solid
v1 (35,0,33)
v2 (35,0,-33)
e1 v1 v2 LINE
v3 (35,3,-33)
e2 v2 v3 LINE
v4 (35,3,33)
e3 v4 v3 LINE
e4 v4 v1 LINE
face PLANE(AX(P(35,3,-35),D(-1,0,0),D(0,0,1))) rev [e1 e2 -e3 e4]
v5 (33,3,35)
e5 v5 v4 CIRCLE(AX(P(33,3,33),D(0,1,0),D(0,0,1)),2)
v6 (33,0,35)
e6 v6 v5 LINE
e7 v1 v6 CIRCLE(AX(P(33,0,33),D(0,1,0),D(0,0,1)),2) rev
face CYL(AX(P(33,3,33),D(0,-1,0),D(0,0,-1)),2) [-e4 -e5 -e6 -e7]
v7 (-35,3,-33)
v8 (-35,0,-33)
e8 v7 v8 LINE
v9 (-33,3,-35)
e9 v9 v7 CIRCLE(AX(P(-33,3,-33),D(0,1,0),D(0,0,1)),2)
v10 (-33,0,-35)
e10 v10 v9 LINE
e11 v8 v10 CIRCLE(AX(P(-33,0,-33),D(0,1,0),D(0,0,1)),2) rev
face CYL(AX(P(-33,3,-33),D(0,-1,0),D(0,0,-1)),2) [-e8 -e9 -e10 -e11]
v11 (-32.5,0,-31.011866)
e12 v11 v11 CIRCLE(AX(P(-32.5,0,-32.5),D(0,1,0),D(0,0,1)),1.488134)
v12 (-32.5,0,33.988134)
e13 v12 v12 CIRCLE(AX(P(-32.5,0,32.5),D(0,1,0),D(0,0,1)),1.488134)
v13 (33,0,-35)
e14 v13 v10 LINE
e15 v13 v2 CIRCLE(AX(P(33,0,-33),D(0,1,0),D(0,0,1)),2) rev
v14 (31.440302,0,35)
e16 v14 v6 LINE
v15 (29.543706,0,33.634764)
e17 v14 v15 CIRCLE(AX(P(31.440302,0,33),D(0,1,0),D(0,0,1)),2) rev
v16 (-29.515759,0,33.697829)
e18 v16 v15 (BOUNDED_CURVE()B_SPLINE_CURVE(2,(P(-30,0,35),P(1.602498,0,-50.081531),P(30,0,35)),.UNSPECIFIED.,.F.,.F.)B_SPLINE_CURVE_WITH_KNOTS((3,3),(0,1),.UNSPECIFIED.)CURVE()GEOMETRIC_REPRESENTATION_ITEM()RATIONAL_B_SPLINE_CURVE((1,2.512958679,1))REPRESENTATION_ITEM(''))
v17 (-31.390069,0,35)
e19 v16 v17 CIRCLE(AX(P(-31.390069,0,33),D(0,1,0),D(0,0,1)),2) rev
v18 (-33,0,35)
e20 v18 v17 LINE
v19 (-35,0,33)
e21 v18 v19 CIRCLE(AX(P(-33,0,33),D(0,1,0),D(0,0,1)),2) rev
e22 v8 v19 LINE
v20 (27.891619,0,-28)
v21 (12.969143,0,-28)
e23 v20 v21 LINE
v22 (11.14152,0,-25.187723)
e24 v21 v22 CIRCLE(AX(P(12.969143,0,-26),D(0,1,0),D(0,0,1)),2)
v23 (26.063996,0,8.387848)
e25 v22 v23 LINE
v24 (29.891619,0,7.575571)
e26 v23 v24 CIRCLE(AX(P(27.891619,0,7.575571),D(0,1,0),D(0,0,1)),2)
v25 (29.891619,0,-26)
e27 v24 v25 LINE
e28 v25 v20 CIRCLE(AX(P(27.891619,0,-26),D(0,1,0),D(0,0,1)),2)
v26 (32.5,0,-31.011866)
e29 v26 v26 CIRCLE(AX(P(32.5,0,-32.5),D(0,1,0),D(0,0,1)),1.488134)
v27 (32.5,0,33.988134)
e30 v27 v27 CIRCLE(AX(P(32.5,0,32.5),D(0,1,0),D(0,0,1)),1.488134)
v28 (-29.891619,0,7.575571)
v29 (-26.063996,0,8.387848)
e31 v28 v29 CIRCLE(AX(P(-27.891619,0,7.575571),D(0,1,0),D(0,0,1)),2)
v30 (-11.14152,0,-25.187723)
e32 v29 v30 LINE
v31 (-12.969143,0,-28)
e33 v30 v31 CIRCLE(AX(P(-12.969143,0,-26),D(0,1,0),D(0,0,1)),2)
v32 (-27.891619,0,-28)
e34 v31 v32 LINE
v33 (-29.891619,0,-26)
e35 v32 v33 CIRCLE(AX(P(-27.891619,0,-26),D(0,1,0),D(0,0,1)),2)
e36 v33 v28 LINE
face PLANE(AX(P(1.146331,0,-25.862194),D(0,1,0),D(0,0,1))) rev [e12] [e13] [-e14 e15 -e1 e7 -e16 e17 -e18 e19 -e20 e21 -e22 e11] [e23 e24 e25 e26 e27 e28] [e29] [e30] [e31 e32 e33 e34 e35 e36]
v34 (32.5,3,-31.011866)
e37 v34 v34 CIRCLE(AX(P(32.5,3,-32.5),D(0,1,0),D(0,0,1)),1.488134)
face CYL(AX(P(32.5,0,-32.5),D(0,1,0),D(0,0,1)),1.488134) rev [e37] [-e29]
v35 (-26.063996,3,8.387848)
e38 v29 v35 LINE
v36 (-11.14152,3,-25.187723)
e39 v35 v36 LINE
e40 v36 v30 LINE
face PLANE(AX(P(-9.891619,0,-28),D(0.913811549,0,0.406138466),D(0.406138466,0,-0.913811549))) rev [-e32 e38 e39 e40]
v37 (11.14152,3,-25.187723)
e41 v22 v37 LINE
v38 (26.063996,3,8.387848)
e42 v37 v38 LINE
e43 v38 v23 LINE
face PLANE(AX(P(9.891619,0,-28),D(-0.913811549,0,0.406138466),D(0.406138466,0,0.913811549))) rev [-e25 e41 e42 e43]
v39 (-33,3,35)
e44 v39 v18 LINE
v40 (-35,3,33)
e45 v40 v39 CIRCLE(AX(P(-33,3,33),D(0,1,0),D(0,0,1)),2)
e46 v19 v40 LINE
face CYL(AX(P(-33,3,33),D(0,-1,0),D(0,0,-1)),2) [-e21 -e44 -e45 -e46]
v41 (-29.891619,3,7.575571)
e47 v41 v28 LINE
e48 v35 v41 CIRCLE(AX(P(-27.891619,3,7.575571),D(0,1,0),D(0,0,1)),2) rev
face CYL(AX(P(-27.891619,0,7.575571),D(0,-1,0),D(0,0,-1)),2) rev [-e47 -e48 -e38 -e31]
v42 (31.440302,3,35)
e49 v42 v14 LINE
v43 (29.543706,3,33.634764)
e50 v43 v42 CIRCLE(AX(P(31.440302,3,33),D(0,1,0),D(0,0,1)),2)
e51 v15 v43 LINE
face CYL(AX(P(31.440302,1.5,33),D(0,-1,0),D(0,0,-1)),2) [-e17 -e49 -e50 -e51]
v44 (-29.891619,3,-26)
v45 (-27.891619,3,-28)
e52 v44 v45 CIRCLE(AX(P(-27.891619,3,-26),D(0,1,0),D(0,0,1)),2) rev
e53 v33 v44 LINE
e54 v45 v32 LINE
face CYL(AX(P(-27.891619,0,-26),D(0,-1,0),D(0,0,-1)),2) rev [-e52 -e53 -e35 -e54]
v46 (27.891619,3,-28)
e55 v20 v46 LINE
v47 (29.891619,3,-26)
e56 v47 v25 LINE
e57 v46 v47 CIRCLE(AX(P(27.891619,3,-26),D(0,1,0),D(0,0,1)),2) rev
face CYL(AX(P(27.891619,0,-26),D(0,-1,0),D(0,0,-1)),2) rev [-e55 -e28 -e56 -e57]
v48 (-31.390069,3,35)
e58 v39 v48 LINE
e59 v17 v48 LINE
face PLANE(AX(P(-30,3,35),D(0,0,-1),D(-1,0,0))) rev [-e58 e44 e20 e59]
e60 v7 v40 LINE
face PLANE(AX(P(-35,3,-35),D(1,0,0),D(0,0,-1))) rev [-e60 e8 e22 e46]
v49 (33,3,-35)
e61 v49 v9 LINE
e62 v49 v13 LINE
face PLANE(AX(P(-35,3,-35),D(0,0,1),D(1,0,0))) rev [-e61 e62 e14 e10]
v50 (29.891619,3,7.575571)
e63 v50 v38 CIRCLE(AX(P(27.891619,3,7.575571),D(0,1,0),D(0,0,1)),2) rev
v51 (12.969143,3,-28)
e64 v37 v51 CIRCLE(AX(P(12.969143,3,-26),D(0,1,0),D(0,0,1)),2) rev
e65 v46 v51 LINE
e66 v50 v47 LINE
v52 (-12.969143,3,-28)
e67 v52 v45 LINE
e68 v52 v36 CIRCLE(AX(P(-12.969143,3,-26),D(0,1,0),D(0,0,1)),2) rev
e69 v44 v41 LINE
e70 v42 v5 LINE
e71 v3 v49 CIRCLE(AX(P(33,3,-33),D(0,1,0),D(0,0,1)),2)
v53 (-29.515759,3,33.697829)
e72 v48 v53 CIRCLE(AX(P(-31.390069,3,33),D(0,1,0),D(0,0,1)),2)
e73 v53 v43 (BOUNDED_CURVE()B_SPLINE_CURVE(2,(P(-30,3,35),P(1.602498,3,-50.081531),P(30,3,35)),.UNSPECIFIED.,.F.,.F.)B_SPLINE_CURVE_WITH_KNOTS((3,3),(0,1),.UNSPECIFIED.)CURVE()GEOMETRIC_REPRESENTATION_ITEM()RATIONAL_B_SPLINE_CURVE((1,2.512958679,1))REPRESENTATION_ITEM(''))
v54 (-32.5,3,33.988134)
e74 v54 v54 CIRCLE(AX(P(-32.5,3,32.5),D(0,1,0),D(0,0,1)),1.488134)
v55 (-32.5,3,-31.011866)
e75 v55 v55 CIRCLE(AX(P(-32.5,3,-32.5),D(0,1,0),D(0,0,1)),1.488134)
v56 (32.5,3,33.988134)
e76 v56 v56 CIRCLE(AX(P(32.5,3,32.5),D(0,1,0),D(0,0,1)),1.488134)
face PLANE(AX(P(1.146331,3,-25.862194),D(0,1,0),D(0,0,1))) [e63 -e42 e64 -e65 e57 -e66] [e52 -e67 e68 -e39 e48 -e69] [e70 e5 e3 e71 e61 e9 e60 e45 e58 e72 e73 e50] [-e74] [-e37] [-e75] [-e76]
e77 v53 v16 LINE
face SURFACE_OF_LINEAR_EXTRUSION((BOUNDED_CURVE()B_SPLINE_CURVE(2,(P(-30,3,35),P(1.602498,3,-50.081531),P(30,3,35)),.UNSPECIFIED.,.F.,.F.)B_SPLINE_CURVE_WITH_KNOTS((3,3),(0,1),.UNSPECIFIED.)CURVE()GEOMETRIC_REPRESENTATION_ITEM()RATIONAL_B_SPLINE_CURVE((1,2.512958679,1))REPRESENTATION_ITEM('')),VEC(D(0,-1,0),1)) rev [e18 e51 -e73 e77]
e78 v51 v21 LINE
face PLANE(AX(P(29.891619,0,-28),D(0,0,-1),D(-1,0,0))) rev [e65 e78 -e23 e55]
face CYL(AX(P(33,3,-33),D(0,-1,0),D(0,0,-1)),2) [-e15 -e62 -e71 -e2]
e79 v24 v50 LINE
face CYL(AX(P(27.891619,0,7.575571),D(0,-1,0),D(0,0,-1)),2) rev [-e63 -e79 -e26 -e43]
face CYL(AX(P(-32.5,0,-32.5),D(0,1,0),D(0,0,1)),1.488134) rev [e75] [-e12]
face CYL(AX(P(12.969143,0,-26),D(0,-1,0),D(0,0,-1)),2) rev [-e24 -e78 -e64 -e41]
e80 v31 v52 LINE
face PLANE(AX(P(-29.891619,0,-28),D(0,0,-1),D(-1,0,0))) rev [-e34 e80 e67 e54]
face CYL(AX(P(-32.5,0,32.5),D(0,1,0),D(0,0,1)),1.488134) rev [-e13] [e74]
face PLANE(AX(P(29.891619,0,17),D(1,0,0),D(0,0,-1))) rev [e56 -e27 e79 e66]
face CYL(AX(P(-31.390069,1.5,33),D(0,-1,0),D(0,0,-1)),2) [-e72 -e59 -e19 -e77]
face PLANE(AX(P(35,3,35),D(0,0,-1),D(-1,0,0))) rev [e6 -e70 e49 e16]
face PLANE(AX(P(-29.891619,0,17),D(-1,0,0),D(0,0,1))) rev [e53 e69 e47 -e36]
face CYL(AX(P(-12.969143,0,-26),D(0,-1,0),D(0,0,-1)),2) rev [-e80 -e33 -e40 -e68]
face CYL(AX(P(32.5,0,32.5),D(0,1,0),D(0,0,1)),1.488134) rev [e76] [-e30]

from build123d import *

# Parameters (mm, degrees)
BOSS_EXTRUDE1_DEPTH = 3
SKETCH3_R           = 1.488133846
CUT_EXTRUDE1_DEPTH  = 50.58830522
FILLET1_R           = 2
CUT_EXTRUDE2_DEPTH  = 50.58830522
FILLET2_R           = 2


with BuildPart() as part:
    # Sketch2 → Boss-Extrude1 (new body)
    with BuildSketch(Plane(origin=(0, 0, 0), x_dir=(1, 0, 0), z_dir=(0, 1, 0))):
        with BuildLine():
            Line((-30, -35), (-35, -35))
            Line((-35, -35), (-35, 35))
            Line((-35, 35), (35, 35))
            Line((35, 35), (35, -35))
            Line((35, -35), (30, -35))
            add(Edge.make_bspline(
                [(-30, -35), (1.60249835, 50.081530709), (30, -35)],
                knots=[0, 0, 0, 1, 1, 1], degree=2, weights=[1, 2.512958679, 1]))
        make_face()
    extrude(amount=BOSS_EXTRUDE1_DEPTH)

    # Sketch3 → Cut-Extrude1 (cut, through all)
    with BuildSketch(Plane(origin=(0, 3, 0), x_dir=(1, 0, 0), z_dir=(0, 1, 0))):
        with Locations(Location((-32.5, 32.5, 0), (0, 0, 270))):
            Circle(SKETCH3_R)
        with Locations(Location((32.5, 32.5, 0), (0, 0, 270))):
            Circle(SKETCH3_R)
        with Locations(Location((32.5, -32.5, 0), (0, 0, 270))):
            Circle(SKETCH3_R)
        with Locations(Location((-32.5, -32.5, 0), (0, 0, 270))):
            Circle(SKETCH3_R)
    extrude(amount=-CUT_EXTRUDE1_DEPTH, mode=Mode.SUBTRACT)

    # Fillet1
    fillet1_edges = [part.edges().sort_by_distance(p)[0] for p in [
        (35, 1.5, 35),
        (30, 1.5, 35),
        (-30, 1.5, 35),
        (-35, 1.5, 35),
        (-35, 1.5, -35),
        (35, 1.5, -35),
    ]]
    fillet(fillet1_edges, radius=FILLET1_R)

    # Sketch4 → Cut-Extrude2 (cut, through all)
    with BuildSketch(Plane(origin=(0, 3, 0), x_dir=(1, 0, 0), z_dir=(0, 1, 0))):
        Polygon((-29.891619327, -17), (-29.891619327, 28), (-9.891619327, 28), align=None)
        Polygon((29.891619327, -17), (29.891619327, 28), (9.891619327, 28), align=None)
    extrude(amount=-CUT_EXTRUDE2_DEPTH, mode=Mode.SUBTRACT)

    # Fillet2
    fillet2_edges = [part.edges().sort_by_distance(p)[0] for p in [
        (-9.891619327, 1.5, -28),
        (-29.891619327, 1.5, 17),
        (-29.891619327, 1.5, -28),
        (29.891619327, 1.5, 17),
        (9.891619327, 1.5, -28),
        (29.891619327, 1.5, -28),
    ]]
    fillet(fillet2_edges, radius=FILLET2_R)


solid = part.part
